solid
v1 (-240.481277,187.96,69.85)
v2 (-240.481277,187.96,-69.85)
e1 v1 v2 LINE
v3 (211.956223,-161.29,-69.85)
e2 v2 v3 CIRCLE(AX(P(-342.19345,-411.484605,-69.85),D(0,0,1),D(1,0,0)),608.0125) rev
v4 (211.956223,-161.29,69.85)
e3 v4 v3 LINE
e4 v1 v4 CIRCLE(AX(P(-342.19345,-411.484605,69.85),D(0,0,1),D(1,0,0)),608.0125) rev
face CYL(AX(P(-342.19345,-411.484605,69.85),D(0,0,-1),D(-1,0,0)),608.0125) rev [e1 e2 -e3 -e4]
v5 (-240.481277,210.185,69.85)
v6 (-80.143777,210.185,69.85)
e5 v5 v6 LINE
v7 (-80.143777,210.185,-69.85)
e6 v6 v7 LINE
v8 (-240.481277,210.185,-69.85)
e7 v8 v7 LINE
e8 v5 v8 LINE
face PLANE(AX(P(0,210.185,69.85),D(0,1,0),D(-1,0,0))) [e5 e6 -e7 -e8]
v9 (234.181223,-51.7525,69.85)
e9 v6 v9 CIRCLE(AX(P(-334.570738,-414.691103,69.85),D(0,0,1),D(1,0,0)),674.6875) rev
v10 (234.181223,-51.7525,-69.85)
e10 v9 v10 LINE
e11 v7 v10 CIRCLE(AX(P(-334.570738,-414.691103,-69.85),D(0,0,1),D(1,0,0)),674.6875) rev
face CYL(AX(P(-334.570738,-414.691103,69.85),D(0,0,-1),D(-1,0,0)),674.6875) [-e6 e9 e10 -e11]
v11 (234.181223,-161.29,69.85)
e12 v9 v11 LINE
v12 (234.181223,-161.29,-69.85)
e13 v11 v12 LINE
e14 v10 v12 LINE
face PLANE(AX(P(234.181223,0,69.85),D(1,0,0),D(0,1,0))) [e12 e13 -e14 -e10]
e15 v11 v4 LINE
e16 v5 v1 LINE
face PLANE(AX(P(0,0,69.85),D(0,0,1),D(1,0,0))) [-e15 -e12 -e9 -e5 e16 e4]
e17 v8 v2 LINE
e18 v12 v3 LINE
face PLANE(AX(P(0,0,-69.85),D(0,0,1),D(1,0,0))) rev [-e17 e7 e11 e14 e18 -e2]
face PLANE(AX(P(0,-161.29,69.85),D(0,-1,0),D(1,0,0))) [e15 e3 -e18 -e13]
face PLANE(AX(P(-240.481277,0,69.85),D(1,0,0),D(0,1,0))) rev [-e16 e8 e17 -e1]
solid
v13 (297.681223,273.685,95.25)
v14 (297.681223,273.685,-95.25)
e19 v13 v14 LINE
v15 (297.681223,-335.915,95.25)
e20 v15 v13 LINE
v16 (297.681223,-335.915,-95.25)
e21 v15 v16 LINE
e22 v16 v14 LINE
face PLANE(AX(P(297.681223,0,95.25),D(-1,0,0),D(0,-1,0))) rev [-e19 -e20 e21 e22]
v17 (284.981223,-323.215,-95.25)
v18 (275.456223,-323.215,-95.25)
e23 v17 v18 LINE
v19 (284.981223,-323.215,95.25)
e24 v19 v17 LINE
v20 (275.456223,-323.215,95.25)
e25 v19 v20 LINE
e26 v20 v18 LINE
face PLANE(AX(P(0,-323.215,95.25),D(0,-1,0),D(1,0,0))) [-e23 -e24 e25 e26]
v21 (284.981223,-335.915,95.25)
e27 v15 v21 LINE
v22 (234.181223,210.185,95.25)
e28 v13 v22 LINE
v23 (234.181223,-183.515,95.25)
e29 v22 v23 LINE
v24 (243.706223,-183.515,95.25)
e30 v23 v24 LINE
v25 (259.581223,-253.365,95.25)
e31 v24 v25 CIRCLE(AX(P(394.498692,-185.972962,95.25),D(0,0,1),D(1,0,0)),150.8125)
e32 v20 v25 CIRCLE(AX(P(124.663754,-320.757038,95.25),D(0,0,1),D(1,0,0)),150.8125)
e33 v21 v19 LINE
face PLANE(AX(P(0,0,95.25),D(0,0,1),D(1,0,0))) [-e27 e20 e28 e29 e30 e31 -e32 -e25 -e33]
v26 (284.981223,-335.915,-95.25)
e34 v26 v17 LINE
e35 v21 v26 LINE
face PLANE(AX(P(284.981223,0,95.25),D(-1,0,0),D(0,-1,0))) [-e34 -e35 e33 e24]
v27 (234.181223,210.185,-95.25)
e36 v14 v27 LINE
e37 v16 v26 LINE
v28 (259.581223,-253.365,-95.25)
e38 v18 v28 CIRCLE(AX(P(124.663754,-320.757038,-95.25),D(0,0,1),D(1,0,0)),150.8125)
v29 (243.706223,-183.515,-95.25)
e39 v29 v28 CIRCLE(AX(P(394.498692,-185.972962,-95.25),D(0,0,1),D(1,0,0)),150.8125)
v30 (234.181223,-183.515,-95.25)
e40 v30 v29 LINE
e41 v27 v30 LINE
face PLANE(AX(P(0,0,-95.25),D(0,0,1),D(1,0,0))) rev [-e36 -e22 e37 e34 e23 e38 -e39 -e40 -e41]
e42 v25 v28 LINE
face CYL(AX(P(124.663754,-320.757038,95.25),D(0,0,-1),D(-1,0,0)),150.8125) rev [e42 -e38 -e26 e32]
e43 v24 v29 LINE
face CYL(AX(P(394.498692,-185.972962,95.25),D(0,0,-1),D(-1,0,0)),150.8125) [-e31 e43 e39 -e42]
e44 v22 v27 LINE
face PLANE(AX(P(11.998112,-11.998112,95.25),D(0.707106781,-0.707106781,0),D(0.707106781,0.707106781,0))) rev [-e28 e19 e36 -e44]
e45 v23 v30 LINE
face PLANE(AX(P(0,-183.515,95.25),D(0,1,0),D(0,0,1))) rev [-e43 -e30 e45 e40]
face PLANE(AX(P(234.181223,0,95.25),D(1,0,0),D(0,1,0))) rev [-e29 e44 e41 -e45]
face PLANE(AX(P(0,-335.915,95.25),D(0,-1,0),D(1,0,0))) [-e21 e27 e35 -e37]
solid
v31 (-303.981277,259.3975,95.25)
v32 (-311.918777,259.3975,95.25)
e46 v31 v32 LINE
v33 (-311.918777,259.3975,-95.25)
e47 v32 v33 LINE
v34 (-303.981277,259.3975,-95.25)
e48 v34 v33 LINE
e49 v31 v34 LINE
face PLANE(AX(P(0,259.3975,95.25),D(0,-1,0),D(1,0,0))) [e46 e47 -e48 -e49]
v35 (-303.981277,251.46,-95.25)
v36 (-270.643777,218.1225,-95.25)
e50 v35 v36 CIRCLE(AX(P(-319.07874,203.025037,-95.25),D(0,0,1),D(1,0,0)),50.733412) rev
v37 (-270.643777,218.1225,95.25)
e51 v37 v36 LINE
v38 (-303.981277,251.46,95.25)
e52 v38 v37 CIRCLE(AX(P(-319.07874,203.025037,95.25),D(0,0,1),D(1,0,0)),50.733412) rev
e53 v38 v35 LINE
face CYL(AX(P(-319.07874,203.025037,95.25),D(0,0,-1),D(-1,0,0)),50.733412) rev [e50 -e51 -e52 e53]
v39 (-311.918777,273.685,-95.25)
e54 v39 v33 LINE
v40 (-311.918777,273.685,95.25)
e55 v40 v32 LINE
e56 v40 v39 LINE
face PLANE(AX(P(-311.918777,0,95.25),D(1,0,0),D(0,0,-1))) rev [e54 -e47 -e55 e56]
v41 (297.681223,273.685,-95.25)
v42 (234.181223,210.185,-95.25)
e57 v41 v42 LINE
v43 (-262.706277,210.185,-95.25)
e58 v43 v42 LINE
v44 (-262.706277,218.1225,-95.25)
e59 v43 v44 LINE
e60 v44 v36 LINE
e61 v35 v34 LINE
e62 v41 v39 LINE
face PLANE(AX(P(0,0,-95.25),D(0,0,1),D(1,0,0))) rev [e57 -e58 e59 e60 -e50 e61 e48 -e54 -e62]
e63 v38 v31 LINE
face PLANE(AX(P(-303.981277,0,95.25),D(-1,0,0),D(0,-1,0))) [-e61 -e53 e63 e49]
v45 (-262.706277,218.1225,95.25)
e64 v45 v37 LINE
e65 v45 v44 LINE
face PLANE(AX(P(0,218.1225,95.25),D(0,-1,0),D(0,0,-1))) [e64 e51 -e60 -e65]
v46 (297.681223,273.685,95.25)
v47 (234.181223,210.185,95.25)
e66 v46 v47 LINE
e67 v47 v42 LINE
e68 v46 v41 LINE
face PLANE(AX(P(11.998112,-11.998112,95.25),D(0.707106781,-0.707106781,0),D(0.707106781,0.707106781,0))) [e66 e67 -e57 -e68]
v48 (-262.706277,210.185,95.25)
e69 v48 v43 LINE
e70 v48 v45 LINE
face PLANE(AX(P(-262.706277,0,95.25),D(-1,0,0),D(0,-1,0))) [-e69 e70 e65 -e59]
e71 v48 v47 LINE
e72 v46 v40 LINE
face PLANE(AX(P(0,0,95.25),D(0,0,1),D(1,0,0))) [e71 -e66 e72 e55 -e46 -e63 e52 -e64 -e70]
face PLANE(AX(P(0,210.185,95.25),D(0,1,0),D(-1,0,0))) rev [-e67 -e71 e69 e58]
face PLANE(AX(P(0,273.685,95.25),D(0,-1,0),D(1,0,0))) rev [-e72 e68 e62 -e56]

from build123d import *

# Parameters (mm, degrees)
BOSS_EXTRUDE1_DEPTH = 95.25
BOSS_EXTRUDE2_DEPTH = 69.85
BOSS_EXTRUDE3_DEPTH = 95.25


with BuildPart() as part:
    # Sketch1 → Boss-Extrude1 (new body, symmetric)
    with BuildSketch(Plane.XY):
        with BuildLine():
            Line((-303.981276984, 251.46), (-303.981276984, 259.3975))
            Line((-303.981276984, 259.3975), (-311.918776984, 259.3975))
            Line((-311.918776984, 259.3975), (-311.918776984, 273.685))
            Line((-311.918776984, 273.685), (297.681223016, 273.685))
            Line((297.681223016, 273.685), (234.181223016, 210.185))
            Line((234.181223016, 210.185), (-262.706276984, 210.185))
            Line((-262.706276984, 210.185), (-262.706276984, 218.1225))
            Line((-262.706276984, 218.1225), (-270.643776984, 218.1225))
            ThreePointArc((-270.643776984, 218.1225), (-283.204800802, 238.898976183), (-303.981276984, 251.46))
        make_face()
    extrude(amount=BOSS_EXTRUDE1_DEPTH, both=True)


with BuildPart() as body_2:
    # Sketch1_3 → Boss-Extrude2 (new body, symmetric)
    with BuildSketch(Plane.XY):
        with BuildLine():
            ThreePointArc((234.181223016, -51.7525), (97.353674253, 103.618191485), (-80.143776984, 210.185))
            Line((-80.143776984, 210.185), (-240.481276984, 210.185))
            Line((-240.481276984, 210.185), (-240.481276984, 187.96))
            ThreePointArc((-240.481276984, 187.96), (29.333912258, 69.812205382), (211.956223016, -161.29))
            Line((211.956223016, -161.29), (234.181223016, -161.29))
            Line((234.181223016, -161.29), (234.181223016, -51.7525))
        make_face()
    extrude(amount=BOSS_EXTRUDE2_DEPTH, both=True)


with BuildPart() as body_3:
    # Sketch1_4 → Boss-Extrude3 (new body, symmetric)
    with BuildSketch(Plane.XY):
        with BuildLine():
            Line((297.681223016, -335.915), (297.681223016, 273.685))
            Line((297.681223016, 273.685), (234.181223016, 210.185))
            Line((234.181223016, 210.185), (234.181223016, -183.515))
            Line((234.181223016, -183.515), (243.706223016, -183.515))
            ThreePointArc((243.706223016, -183.515), (247.436467782, -219.396194371), (259.581223016, -253.365))
            ThreePointArc((259.581223016, -253.365), (271.725978249, -287.333805629), (275.456223016, -323.215))
            Line((275.456223016, -323.215), (284.981223016, -323.215))
            Line((284.981223016, -323.215), (284.981223016, -335.915))
            Line((284.981223016, -335.915), (297.681223016, -335.915))
        make_face()
    extrude(amount=BOSS_EXTRUDE3_DEPTH, both=True)


solid = Compound([part.part, body_2.part, body_3.part])
